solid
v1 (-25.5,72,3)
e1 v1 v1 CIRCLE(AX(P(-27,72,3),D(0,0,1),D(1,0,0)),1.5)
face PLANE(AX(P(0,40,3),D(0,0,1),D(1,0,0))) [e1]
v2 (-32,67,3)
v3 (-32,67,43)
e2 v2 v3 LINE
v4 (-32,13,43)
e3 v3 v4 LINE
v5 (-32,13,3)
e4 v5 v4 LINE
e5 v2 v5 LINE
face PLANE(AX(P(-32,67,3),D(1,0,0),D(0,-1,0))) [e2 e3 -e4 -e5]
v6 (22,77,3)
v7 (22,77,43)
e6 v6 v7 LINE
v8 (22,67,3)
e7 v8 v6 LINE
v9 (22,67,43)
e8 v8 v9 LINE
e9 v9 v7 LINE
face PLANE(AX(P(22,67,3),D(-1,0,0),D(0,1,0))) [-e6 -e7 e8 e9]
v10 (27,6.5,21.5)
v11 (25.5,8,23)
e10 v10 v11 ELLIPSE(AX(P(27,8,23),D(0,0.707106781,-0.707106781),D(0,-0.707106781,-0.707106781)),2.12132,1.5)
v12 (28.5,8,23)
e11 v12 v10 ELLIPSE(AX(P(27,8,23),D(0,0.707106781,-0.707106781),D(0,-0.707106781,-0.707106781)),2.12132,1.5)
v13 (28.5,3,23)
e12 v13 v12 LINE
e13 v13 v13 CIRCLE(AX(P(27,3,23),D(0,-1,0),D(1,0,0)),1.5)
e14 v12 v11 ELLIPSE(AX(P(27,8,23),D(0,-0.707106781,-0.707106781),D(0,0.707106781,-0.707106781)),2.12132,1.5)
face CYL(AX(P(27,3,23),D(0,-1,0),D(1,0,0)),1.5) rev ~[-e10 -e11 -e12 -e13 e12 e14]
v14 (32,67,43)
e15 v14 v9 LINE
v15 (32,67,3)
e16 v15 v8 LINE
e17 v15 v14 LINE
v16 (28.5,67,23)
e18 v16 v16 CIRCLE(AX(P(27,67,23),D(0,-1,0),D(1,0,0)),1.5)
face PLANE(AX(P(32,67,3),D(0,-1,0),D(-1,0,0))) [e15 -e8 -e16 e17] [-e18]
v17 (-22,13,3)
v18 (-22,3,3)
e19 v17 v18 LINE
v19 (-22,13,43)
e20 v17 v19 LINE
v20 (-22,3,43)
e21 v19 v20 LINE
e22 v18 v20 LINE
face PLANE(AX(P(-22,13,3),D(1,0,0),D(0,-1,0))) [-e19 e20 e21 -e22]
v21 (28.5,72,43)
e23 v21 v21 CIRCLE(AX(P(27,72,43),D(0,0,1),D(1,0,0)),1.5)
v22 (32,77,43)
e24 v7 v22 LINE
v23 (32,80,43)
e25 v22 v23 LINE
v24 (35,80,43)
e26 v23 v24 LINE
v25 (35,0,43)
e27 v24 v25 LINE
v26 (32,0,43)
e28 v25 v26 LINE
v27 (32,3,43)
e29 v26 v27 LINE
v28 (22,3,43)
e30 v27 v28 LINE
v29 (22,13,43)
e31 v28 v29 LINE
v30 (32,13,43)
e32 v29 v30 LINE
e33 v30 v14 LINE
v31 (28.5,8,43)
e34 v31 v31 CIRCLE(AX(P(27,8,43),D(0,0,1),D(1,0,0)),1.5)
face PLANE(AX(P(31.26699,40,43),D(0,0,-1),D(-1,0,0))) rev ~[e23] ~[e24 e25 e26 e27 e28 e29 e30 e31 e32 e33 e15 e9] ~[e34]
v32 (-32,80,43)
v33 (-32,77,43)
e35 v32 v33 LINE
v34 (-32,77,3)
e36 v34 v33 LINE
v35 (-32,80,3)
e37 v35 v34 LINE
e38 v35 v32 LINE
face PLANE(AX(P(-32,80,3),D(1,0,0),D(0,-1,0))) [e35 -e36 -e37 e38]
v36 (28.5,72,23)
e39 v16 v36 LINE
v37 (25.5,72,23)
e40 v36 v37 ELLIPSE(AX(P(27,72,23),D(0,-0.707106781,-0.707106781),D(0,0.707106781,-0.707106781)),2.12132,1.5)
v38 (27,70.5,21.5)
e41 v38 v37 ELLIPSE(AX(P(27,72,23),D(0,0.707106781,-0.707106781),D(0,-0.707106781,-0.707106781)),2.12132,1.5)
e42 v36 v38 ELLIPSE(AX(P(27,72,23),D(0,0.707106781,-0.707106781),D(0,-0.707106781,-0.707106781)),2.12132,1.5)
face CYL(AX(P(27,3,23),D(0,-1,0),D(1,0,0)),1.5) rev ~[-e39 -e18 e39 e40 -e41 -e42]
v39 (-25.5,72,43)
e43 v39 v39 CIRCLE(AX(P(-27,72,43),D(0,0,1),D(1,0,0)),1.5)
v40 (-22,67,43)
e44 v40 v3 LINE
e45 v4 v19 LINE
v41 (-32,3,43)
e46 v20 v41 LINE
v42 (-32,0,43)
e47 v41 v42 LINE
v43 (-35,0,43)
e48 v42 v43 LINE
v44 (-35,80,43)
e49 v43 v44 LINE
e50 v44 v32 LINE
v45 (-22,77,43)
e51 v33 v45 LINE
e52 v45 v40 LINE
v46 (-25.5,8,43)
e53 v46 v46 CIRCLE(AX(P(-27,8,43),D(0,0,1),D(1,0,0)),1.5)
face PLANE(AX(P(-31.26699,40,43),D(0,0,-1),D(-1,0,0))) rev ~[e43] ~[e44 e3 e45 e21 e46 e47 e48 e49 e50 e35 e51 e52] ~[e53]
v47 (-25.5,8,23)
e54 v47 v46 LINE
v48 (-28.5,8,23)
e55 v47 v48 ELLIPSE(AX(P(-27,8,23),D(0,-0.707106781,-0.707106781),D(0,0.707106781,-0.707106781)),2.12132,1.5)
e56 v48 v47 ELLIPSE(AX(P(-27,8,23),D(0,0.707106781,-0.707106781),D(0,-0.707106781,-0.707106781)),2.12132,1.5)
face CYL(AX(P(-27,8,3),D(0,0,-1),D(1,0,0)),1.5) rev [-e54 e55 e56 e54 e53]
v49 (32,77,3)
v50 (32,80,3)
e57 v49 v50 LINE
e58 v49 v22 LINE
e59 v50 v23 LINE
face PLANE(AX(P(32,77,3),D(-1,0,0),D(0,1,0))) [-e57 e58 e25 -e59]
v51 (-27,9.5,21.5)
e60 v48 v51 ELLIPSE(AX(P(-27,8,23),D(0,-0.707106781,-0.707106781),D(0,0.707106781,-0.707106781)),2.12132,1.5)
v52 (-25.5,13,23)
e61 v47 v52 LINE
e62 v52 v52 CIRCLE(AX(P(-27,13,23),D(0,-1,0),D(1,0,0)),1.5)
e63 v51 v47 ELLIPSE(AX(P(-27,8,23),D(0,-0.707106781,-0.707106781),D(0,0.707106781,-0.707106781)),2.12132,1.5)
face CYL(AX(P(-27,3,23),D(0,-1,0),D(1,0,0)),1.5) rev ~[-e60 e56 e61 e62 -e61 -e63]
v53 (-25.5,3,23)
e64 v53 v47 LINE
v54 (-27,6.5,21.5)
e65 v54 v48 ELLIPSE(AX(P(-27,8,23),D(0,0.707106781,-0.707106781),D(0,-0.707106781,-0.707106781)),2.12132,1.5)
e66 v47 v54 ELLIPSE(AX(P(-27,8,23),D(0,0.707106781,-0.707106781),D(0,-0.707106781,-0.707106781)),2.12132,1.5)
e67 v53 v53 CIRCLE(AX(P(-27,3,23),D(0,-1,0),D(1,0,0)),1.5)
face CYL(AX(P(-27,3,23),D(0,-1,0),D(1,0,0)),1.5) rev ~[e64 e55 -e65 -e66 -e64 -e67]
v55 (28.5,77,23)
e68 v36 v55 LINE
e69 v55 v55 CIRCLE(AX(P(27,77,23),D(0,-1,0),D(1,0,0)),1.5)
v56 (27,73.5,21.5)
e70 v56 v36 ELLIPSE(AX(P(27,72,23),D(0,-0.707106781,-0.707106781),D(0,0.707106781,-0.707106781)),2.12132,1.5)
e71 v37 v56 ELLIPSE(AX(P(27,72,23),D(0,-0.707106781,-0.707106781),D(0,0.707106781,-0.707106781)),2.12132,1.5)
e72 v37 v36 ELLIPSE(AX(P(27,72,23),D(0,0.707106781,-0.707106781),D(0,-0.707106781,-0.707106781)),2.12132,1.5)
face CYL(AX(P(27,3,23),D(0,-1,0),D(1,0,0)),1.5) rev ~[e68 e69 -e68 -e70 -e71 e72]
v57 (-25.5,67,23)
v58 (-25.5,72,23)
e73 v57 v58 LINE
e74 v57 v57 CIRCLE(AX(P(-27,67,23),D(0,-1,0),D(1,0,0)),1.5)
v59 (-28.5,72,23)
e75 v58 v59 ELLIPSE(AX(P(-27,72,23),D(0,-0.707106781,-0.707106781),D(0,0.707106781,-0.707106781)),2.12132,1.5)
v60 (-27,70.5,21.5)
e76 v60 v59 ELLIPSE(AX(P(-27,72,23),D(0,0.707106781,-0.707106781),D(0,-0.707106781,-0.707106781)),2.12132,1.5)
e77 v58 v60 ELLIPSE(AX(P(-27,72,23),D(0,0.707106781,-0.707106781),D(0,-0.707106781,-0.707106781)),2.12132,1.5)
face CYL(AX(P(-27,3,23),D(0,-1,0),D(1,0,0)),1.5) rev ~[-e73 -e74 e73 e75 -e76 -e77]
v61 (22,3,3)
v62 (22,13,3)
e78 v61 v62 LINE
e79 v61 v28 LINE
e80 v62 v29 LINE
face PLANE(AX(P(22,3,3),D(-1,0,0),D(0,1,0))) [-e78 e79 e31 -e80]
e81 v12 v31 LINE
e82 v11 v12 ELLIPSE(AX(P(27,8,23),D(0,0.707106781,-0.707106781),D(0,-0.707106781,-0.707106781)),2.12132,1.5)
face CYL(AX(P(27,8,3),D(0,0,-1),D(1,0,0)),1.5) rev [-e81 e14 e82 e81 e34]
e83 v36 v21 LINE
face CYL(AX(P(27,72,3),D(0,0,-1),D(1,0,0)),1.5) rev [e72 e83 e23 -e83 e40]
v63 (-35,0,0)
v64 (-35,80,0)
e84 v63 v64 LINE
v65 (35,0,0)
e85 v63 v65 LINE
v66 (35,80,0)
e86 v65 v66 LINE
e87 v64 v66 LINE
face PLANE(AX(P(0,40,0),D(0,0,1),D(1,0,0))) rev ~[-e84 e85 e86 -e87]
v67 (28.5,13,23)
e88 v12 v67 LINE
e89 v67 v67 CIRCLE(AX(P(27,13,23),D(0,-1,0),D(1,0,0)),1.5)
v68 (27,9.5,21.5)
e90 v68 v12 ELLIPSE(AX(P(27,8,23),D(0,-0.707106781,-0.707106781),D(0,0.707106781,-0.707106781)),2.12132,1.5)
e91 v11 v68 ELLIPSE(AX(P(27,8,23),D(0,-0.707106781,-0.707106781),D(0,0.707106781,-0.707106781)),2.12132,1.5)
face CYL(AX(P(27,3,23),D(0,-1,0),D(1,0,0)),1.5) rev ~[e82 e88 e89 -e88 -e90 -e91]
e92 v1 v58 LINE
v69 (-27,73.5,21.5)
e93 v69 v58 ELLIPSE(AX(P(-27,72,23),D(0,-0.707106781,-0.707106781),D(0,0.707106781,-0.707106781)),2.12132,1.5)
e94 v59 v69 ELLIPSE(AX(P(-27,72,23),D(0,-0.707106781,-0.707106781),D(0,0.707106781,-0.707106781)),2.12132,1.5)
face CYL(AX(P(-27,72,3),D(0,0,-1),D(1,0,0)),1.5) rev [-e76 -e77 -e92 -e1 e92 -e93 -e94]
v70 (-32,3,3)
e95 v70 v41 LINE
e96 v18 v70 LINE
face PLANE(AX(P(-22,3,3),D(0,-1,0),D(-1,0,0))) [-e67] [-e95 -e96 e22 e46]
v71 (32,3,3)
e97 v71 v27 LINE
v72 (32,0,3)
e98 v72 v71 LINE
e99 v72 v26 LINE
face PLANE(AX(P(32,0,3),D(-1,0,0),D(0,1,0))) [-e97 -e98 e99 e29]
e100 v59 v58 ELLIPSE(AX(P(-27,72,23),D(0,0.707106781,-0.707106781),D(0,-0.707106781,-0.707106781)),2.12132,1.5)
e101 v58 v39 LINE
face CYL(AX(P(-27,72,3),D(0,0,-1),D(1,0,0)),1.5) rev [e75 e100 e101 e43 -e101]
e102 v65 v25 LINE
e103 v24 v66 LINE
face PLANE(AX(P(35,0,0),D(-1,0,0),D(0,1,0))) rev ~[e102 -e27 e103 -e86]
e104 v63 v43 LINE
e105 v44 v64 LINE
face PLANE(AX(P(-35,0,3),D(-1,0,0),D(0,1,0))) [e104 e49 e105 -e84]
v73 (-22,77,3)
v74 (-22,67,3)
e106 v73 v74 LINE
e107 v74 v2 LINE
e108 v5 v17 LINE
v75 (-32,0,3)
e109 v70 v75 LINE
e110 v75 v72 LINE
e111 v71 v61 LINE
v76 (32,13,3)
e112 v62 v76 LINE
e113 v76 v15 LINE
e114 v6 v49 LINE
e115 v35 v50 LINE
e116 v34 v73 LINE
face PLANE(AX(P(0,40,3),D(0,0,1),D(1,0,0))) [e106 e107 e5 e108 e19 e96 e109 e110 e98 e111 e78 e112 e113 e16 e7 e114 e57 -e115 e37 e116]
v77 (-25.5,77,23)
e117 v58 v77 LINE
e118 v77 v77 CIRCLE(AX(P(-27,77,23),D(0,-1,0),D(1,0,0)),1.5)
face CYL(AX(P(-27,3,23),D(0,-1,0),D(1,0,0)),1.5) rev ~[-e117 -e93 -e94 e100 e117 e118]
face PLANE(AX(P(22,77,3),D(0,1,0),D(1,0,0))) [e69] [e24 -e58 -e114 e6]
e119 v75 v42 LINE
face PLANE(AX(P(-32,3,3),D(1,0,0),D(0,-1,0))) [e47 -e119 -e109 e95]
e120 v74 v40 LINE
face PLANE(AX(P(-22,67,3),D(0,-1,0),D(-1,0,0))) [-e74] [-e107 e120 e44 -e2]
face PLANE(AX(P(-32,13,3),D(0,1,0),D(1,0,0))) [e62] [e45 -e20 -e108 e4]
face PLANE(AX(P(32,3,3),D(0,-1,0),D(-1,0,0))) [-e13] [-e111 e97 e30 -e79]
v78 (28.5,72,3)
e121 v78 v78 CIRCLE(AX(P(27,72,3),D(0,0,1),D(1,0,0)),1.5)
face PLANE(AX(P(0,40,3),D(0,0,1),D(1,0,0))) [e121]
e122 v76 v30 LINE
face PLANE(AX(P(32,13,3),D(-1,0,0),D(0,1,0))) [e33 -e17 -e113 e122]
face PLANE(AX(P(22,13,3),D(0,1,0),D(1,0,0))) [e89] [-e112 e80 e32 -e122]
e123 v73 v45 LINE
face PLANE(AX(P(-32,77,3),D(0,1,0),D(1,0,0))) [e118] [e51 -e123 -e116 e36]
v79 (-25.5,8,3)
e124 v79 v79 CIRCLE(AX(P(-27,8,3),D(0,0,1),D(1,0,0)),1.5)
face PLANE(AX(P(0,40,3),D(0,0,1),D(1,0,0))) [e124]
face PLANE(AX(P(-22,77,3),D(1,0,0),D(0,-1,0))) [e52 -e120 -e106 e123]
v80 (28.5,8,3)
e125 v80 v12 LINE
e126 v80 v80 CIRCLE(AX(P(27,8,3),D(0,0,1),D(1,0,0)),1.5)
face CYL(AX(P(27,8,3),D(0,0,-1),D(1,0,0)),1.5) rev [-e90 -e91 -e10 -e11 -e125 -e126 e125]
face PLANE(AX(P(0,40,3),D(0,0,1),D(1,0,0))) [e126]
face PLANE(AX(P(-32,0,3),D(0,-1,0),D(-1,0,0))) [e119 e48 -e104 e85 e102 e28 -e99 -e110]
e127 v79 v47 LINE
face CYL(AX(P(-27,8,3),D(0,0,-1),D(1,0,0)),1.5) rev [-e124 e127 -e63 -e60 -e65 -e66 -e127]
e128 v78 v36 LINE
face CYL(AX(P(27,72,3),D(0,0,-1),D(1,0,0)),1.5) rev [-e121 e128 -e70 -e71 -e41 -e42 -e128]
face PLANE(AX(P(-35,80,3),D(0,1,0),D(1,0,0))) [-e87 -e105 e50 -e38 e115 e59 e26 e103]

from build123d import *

# Parameters (mm, degrees)
SKETCH_W     = 70
SKETCH_H     = 80
PAD_DEPTH    = 3
SKETCH001_R  = 1.5
PAD001_DEPTH = 40
SKETCH002_R  = 1.5
POCKET_DEPTH = 77.001


with BuildPart() as part:
    # Sketch → Pad (new body)
    with BuildSketch(Plane.XY):
        with Locations((0, 40)):
            Rectangle(SKETCH_W, SKETCH_H)
    extrude(amount=PAD_DEPTH)

    # Sketch001 (on Face6 of Pad) → Pad001 (join)
    with BuildSketch(Plane.XY.offset(3)):
        Polygon((-35, 0), (-35, 80), (-32, 80), (-32, 77), (-22, 77), (-22, 67), (-32, 67), (-32, 13), (-22, 13), (-22, 3), (-32, 3), (-32, 0), align=None)
        with Locations((-27, 8)):
            Circle(SKETCH001_R, mode=Mode.SUBTRACT)
        with Locations((-27, 72)):
            Circle(SKETCH001_R, mode=Mode.SUBTRACT)
        Polygon((35, 80), (35, 0), (32, 0), (32, 3), (22, 3), (22, 13), (32, 13), (32, 67), (22, 67), (22, 77), (32, 77), (32, 80), align=None)
        with Locations((27, 8)):
            Circle(SKETCH001_R, mode=Mode.SUBTRACT)
        with Locations((27, 72)):
            Circle(SKETCH001_R, mode=Mode.SUBTRACT)
    extrude(amount=PAD001_DEPTH)

    # Sketch002 (on Face21 of Pad001) → Pocket (cut, through all)
    with BuildSketch(Plane.XZ.offset(-3)):
        with Locations((27, 23)):
            Circle(SKETCH002_R)
        with Locations((-27, 23)):
            Circle(SKETCH002_R)
    extrude(amount=-POCKET_DEPTH, mode=Mode.SUBTRACT)


solid = part.part
